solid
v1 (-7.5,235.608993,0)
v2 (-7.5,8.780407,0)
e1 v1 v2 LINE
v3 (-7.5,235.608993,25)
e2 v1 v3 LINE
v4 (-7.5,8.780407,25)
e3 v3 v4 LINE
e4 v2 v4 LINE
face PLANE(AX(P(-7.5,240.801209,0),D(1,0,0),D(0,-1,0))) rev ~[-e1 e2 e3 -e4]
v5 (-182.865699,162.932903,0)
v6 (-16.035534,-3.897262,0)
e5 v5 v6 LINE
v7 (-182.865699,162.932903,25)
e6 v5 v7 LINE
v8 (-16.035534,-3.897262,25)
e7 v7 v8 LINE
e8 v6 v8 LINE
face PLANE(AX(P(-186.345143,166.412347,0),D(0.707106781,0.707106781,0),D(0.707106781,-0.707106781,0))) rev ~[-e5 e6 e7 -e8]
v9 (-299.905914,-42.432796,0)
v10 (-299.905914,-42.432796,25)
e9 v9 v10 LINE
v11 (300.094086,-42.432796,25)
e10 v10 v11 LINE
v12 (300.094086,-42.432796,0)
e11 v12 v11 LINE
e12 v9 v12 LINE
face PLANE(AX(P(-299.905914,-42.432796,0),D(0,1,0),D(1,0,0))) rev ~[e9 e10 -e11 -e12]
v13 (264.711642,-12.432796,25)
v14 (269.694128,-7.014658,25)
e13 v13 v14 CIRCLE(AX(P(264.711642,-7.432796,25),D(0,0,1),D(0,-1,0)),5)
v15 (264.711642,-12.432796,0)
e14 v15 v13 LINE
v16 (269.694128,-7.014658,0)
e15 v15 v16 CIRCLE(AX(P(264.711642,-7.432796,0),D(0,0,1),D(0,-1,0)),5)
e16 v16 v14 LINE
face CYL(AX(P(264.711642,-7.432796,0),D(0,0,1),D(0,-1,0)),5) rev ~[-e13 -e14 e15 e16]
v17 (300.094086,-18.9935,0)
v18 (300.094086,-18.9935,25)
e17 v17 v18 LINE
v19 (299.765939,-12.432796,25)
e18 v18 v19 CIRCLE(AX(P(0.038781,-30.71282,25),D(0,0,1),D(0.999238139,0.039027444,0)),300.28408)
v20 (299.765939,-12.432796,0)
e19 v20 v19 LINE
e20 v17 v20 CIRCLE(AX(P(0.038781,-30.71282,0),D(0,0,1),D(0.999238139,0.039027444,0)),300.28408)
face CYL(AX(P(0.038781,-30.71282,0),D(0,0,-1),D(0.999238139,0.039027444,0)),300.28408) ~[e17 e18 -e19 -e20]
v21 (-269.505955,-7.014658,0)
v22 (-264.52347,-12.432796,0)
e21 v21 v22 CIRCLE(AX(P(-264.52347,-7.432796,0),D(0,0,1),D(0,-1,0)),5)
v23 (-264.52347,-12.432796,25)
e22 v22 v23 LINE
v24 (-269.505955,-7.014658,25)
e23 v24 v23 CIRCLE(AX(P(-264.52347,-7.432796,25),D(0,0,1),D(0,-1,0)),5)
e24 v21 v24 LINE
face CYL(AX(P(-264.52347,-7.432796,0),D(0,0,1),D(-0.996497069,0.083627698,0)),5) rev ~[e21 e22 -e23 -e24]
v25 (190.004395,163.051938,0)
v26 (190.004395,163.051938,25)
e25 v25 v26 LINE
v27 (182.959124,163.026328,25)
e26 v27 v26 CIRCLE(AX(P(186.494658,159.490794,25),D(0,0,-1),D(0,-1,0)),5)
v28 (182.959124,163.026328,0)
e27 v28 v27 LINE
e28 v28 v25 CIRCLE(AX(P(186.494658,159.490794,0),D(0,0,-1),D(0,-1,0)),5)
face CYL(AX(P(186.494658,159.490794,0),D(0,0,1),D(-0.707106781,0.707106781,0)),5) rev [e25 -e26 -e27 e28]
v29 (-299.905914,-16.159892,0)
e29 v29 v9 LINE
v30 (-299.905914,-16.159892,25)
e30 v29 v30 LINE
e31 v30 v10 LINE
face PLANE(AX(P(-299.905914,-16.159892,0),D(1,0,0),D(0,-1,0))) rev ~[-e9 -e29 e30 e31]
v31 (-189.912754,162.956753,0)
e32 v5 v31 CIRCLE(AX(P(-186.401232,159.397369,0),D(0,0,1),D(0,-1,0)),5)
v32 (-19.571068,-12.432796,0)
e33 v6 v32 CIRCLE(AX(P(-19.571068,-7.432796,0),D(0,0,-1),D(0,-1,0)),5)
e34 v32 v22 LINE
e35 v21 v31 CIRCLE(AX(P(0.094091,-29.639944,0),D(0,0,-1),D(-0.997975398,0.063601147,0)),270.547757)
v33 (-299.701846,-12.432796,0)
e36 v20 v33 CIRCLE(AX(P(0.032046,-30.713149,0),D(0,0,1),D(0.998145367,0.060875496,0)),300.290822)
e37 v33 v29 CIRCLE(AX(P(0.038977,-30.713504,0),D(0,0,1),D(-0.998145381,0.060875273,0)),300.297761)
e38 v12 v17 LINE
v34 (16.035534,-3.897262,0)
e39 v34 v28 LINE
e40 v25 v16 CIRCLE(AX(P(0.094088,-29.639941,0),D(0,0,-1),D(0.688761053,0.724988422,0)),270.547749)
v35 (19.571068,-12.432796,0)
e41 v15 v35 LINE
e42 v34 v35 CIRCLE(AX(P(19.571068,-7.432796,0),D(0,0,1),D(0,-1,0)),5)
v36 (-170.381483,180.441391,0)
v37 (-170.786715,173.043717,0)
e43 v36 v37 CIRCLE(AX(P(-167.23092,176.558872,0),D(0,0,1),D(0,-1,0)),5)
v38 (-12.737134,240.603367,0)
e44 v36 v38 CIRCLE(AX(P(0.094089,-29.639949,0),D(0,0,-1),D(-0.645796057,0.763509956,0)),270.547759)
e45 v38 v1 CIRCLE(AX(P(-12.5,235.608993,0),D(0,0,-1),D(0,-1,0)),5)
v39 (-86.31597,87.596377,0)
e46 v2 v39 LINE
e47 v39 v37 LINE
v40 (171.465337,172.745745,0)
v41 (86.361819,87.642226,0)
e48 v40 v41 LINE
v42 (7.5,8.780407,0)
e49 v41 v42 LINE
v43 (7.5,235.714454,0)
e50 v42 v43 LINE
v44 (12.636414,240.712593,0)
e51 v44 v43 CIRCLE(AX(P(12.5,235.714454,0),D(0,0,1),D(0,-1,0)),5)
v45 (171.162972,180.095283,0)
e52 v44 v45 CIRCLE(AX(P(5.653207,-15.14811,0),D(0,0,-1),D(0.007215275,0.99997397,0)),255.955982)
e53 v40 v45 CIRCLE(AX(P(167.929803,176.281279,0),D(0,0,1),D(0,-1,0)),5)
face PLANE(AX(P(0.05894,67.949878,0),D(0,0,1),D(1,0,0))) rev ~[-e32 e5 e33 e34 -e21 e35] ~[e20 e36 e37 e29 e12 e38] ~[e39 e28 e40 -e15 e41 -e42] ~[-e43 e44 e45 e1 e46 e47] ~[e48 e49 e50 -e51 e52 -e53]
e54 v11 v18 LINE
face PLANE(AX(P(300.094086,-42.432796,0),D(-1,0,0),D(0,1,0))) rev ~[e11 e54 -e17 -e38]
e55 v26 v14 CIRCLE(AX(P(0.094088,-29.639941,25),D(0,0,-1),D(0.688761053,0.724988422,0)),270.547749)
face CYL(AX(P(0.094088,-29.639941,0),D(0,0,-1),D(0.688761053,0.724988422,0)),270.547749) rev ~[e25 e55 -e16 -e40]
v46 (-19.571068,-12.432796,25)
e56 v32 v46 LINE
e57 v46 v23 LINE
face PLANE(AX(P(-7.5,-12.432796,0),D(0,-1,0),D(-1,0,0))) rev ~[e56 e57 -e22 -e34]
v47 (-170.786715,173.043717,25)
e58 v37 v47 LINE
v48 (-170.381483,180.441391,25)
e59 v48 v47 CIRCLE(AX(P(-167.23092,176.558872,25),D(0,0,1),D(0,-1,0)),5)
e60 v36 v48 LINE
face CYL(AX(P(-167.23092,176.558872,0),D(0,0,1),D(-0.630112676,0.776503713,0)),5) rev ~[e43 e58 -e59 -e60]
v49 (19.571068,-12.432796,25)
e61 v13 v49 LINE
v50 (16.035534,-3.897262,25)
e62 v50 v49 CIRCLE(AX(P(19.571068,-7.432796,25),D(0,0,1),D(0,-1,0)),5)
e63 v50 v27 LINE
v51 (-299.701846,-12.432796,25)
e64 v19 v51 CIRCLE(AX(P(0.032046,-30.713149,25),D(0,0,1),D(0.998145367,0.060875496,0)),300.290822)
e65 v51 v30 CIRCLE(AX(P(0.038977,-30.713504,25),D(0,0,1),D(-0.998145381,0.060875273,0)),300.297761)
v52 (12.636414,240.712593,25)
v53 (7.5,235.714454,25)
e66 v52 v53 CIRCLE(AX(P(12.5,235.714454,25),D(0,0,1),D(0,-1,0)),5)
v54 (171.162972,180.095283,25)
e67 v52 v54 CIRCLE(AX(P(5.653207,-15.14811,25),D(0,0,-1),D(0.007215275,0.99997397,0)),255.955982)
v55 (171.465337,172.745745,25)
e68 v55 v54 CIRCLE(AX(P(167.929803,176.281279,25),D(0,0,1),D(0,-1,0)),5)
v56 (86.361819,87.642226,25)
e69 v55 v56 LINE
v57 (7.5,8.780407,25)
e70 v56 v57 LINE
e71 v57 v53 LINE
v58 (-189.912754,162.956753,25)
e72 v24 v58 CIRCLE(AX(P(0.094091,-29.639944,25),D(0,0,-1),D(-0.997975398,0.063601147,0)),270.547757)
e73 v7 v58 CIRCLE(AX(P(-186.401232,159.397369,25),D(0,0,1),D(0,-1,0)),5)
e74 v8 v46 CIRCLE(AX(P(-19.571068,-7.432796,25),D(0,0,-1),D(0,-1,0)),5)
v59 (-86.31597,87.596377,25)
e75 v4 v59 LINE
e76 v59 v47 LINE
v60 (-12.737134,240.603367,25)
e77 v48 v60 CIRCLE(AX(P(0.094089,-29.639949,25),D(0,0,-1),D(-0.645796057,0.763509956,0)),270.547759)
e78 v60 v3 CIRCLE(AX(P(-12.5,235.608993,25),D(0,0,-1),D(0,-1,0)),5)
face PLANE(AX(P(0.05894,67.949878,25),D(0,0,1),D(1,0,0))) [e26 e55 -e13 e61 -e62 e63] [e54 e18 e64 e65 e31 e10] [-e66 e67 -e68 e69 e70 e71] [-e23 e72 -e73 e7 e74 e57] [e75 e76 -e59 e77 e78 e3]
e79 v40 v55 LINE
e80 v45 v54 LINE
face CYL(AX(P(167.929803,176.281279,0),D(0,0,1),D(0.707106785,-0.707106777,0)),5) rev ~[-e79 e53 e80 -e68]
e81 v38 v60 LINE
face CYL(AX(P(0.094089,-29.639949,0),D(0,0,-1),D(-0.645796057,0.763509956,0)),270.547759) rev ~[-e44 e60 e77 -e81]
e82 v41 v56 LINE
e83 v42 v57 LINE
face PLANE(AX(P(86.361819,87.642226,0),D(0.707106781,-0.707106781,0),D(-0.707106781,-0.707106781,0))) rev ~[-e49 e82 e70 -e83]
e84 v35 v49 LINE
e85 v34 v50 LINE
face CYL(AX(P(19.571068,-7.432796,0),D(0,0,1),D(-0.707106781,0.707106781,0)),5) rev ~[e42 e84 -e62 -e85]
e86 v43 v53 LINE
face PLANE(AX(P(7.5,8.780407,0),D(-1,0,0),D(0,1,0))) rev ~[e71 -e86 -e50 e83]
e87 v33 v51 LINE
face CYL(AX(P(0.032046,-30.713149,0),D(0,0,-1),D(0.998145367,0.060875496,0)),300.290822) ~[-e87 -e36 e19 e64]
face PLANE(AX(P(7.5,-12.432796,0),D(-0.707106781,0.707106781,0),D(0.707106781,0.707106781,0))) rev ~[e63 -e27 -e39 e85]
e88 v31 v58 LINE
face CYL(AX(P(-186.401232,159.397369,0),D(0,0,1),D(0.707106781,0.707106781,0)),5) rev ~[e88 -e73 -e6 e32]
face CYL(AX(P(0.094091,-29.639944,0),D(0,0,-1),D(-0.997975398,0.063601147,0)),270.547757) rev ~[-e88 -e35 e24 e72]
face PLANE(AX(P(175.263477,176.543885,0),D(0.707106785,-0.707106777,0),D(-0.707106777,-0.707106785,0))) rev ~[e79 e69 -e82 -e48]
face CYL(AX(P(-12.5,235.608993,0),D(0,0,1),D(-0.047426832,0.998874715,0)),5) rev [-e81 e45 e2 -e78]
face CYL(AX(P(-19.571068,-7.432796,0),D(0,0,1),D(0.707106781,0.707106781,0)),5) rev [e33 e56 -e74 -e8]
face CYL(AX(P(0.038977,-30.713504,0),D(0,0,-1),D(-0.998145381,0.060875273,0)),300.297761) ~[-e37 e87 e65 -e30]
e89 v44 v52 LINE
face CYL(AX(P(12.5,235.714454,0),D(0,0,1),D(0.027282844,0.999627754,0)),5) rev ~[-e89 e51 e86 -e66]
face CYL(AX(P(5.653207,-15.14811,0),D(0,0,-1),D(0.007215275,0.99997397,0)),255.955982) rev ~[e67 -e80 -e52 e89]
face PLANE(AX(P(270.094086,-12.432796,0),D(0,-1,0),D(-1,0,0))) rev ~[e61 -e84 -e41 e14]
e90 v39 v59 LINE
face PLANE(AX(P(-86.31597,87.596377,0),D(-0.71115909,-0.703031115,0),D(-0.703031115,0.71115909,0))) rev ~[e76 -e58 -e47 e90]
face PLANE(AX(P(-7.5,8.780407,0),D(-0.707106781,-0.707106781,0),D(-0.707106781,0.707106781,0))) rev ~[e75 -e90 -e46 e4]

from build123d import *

# Parameters (mm, degrees)
F1_DEPTH = 25
F2_R     = 5
F3_R     = 5


with BuildPart() as f1:
    # F0 (on Top) → F1 (new body)
    with BuildSketch(Plane.XY):
        with BuildLine():
            Line((-299.905914, -16.159892), (-299.905914, -42.432796))
            Line((-299.905914, -42.432796), (300.094086, -42.432796))
            Line((300.094086, -42.432796), (300.094086, -18.9935))
            ThreePointArc((300.094086, -18.9935), (299.947953, -15.712251), (299.765939, -12.432796))
            ThreePointArc((299.765939, -12.432796), (0.032047, 269.577673), (-299.701846, -12.432796))
            ThreePointArc((-299.701846, -12.432796), (-299.809671, -14.296027), (-299.905914, -16.159892))
        make_face()
        with BuildLine():
            Line((-7.5, -12.432796), (-269.905914, -12.432796))
            ThreePointArc((-269.905914, -12.432796), (-245.019334, 84.882969), (-186.345143, 166.412347))
            Line((-186.345143, 166.412347), (-7.5, -12.432796))
        make_face(mode=Mode.SUBTRACT)
        with BuildLine():
            ThreePointArc((186.436841, 166.504045), (245.179328, 84.94326), (270.094086, -12.432796))
            Line((270.094086, -12.432796), (7.5, -12.432796))
            Line((7.5, -12.432796), (186.436841, 166.504045))
        make_face(mode=Mode.SUBTRACT)
        with BuildLine():
            Line((-7.5, 240.801209), (-7.5, 49.689975))
            Line((-7.5, 49.689975), (-7.5, 8.780407))
            Line((-7.5, 8.780407), (-86.31597, 87.596377))
            Line((-86.31597, 87.596377), (-174.624587, 176.925959))
            ThreePointArc((-174.624587, 176.925959), (-96.495237, 223.078456), (-7.5, 240.801209))
        make_face(mode=Mode.SUBTRACT)
        with BuildLine():
            Line((7.5, 8.780407), (7.5, 49.689975))
            Line((7.5, 49.689975), (7.5, 240.801209))
            ThreePointArc((7.5, 240.801209), (97.204461, 223.874551), (175.263477, 176.543885))
            Line((175.263477, 176.543885), (86.361819, 87.642226))
            Line((86.361819, 87.642226), (7.5, 8.780407))
        make_face(mode=Mode.SUBTRACT)
    extrude(amount=F1_DEPTH)

    # F2
    f2_edges = [f1.edges().sort_by_distance(p)[0] for p in [
        (-7.5, 240.801209, 12.5),
        (175.263477, 176.543885, 12.5),
        (270.094086, -12.432796, 12.5),
        (7.5, 240.801209, 12.5),
        (-186.345143, 166.412347, 12.5),
        (-269.905914, -12.432796, 12.5),
        (186.436841, 166.504045, 12.5),
        (-174.624587, 176.925959, 12.5),
    ]]
    fillet(f2_edges, radius=F2_R)

    # F3
    f3_edges = [f1.edges().sort_by_distance(p)[0] for p in [
        (7.5, -12.432796, 12.5),
        (-7.5, -12.432796, 12.5),
    ]]
    fillet(f3_edges, radius=F3_R)


solid = f1.part
